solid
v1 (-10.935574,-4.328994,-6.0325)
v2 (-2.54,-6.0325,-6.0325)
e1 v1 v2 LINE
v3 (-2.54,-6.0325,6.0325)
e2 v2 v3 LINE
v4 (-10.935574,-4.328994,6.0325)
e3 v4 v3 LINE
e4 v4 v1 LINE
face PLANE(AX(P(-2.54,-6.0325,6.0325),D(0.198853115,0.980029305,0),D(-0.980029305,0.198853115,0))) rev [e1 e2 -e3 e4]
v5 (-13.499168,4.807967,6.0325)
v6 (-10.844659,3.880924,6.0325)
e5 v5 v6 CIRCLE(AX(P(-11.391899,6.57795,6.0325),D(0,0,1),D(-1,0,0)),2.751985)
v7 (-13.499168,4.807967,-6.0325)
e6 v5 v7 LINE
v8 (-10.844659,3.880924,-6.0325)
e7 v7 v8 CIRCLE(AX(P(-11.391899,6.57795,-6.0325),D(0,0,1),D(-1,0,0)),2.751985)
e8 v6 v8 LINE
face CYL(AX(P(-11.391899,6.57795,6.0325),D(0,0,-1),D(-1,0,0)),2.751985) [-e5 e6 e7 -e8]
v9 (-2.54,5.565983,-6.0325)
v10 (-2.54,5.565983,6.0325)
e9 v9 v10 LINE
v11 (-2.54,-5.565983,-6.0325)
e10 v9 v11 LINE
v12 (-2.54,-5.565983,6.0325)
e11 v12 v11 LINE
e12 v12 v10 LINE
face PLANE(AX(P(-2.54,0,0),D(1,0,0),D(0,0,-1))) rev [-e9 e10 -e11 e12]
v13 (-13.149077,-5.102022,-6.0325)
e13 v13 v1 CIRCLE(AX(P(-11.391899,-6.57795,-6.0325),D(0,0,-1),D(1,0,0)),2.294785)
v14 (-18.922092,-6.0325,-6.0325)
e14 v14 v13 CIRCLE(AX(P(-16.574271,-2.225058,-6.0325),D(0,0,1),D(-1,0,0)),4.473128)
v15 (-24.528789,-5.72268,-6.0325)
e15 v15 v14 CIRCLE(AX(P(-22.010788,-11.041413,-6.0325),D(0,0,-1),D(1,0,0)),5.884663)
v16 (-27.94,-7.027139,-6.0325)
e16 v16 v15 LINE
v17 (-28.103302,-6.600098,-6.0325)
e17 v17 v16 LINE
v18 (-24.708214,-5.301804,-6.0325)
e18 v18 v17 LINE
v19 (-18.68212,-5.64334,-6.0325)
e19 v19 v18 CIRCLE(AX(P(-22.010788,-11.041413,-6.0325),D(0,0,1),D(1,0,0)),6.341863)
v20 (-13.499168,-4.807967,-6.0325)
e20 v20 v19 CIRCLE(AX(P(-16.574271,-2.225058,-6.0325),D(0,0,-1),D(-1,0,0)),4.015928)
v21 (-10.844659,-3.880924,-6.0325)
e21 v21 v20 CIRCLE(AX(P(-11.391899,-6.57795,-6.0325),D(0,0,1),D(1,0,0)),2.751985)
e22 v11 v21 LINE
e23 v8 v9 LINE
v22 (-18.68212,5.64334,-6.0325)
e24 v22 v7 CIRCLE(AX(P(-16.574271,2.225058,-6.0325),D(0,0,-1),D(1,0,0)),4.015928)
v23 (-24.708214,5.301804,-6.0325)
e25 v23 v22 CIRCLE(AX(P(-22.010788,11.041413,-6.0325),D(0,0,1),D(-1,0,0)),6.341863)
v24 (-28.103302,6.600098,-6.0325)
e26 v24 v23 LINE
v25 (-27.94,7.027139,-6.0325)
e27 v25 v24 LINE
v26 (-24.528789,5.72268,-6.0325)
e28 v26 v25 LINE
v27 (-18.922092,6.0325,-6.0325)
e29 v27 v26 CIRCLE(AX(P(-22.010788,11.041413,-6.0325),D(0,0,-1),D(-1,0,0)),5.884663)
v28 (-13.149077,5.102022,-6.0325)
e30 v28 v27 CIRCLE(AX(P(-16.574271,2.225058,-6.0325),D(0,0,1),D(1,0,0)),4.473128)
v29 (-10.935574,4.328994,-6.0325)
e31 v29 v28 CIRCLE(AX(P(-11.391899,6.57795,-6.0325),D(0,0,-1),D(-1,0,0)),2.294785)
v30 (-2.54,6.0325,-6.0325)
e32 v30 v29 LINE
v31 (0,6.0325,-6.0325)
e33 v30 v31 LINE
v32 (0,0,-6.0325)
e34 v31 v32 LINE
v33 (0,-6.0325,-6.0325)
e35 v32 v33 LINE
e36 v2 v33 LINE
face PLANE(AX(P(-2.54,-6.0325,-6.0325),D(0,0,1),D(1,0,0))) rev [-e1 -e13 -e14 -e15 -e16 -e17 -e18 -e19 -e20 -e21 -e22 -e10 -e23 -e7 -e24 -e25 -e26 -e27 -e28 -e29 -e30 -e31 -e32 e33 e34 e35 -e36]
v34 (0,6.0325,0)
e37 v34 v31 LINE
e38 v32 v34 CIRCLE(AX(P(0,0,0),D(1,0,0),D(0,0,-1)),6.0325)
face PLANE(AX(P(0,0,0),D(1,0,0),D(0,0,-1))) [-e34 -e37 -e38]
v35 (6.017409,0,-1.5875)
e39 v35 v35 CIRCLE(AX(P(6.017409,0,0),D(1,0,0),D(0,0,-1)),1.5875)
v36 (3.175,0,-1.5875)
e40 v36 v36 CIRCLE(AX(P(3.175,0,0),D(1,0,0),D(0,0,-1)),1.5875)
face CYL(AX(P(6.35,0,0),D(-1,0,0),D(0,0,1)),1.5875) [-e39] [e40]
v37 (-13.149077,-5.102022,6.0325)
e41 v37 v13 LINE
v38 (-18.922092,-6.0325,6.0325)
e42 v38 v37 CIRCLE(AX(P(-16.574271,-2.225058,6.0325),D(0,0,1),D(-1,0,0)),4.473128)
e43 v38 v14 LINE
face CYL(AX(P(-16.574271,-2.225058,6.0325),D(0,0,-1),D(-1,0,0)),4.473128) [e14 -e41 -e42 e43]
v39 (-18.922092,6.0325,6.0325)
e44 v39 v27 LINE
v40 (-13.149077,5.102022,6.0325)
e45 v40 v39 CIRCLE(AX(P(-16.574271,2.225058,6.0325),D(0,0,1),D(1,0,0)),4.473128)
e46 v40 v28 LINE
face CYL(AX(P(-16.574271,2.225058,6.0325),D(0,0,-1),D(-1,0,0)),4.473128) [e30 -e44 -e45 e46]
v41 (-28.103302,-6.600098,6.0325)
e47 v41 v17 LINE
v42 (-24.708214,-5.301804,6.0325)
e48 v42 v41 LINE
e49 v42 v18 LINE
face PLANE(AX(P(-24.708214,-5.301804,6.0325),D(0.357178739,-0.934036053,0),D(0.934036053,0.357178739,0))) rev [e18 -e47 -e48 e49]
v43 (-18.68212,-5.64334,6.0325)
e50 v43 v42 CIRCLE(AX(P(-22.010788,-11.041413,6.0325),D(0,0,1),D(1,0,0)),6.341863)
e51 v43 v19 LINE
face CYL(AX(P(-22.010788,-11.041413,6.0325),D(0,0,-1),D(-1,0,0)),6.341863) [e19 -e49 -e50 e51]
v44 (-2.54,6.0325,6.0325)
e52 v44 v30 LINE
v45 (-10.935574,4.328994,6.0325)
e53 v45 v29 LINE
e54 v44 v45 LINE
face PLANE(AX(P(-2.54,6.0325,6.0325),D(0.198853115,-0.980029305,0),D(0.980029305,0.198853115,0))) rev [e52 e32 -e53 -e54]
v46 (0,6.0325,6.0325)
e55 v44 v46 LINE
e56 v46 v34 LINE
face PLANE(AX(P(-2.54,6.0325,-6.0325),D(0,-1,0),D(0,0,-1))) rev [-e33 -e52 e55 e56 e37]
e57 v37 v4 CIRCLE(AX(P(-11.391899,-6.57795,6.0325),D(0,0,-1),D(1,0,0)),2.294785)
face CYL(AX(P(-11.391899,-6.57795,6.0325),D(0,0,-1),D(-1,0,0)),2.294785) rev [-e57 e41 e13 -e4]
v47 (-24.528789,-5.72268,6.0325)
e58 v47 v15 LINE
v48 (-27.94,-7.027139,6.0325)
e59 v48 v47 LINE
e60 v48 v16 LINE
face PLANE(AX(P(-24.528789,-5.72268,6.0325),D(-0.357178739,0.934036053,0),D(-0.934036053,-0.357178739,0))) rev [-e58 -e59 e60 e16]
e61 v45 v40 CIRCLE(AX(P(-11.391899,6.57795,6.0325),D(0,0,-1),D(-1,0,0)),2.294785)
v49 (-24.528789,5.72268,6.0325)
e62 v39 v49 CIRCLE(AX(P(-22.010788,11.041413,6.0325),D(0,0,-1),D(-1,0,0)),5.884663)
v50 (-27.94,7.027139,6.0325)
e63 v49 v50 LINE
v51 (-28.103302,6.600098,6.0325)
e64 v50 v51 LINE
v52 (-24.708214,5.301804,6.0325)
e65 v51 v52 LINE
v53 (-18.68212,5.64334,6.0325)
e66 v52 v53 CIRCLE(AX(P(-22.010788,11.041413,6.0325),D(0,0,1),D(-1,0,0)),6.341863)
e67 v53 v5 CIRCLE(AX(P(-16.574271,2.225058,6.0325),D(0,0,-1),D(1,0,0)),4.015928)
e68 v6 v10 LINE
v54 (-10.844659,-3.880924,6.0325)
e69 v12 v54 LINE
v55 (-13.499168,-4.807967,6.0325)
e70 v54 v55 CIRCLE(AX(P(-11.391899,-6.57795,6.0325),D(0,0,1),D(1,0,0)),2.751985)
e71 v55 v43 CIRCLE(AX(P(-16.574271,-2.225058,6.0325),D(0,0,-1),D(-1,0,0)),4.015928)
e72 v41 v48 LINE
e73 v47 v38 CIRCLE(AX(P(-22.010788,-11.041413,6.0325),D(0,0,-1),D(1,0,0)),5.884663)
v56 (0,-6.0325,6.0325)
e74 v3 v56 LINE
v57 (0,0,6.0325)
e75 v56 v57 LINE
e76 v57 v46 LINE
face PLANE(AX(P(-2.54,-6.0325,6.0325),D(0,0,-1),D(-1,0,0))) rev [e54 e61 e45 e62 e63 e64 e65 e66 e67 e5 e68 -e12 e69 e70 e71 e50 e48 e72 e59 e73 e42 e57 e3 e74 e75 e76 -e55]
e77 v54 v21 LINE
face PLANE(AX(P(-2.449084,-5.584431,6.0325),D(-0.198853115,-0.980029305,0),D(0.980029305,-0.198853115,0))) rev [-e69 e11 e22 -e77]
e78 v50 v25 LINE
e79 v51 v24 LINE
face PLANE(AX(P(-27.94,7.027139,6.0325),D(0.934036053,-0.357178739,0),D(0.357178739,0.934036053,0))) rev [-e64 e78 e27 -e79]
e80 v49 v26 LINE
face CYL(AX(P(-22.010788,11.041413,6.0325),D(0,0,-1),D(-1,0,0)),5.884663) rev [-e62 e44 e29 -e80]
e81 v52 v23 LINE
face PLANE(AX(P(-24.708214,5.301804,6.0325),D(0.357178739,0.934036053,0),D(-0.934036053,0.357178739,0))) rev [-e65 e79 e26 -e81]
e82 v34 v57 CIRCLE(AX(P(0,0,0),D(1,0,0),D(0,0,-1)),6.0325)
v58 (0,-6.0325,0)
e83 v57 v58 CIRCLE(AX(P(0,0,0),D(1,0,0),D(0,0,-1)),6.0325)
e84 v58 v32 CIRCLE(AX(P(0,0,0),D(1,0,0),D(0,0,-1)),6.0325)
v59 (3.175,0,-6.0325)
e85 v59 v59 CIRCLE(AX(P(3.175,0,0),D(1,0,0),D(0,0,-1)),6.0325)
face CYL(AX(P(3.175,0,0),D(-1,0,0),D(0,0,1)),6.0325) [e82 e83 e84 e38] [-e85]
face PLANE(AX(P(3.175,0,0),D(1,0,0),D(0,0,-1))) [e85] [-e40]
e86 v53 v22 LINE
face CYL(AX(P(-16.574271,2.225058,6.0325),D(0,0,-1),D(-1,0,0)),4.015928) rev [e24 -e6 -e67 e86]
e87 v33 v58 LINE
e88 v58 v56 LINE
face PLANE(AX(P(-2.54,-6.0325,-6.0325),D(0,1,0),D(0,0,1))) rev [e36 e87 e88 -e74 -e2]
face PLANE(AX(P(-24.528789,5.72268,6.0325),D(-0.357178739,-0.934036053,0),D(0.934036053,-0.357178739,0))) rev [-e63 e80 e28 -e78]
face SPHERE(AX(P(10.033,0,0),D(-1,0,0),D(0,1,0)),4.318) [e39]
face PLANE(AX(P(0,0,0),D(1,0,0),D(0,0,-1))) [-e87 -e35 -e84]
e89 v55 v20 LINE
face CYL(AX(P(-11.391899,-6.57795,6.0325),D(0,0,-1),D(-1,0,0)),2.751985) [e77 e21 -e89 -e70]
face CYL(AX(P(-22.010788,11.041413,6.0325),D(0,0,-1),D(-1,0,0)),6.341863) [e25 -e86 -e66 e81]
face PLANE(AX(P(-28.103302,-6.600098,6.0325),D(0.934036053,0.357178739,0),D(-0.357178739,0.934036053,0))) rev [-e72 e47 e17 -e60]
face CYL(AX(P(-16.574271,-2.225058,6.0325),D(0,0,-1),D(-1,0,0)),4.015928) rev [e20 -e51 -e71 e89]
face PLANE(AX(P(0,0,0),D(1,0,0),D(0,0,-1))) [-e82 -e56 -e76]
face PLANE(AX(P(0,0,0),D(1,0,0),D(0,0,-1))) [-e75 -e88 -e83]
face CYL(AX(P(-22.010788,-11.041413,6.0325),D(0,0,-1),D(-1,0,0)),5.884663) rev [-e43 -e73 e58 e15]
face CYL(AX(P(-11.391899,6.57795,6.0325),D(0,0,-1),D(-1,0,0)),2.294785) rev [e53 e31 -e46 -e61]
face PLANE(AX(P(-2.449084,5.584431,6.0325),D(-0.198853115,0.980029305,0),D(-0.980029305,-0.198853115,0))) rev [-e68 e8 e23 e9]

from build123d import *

# Parameters (mm, degrees)
SKETCH2_R           = 6.0325
BOSS_EXTRUDE1_DEPTH = 3.175
SKETCH3_R           = 1.5875
BOSS_EXTRUDE2_DEPTH = 3.175
SKETCH5_W           = 12.065
SKETCH5_H           = 12.065
BOSS_EXTRUDE3_DEPTH = 2.54
BOSS_EXTRUDE4_DEPTH = 6.0325


with BuildPart() as part:
    # Sketch2 → Boss-Extrude1 (new body)
    with BuildSketch(Plane(origin=(0, 0, 0), x_dir=(0, 0, -1), z_dir=(1, 0, 0))):
        Circle(SKETCH2_R)
    extrude(amount=BOSS_EXTRUDE1_DEPTH)

    # Sketch3 → Boss-Extrude2 (add)
    with BuildSketch(Plane(origin=(3.175, 0, 0), x_dir=(0, 0, -1), z_dir=(1, 0, 0))):
        Circle(SKETCH3_R)
    extrude(amount=BOSS_EXTRUDE2_DEPTH)

    # Sketch4 → Revolve1 (revolve)
    with BuildSketch(Plane.XY):
        with BuildLine():
            Line((5.715, 0), (14.351, 0))
            ThreePointArc((14.351, 0), (10.033, 4.318), (5.715, 0))
        make_face()
    revolve(axis=Axis((5.715, 0, 0), (1, 0, 0)))

    # Sketch5 → Boss-Extrude3 (add)
    with BuildSketch(Plane.ZY):
        Rectangle(SKETCH5_W, SKETCH5_H)
    extrude(amount=BOSS_EXTRUDE3_DEPTH)

    # Sketch7 → Boss-Extrude4 (add, symmetric)
    with BuildSketch(Plane.XY):
        with BuildLine():
            Line((-2.54, 6.0325), (-10.935574209, 4.328993713))
            ThreePointArc((-10.935574209, 4.328993713), (-12.148502267, 4.411480747), (-13.149077484, 5.102022434))
            ThreePointArc((-13.149077484, 5.102022434), (-15.862491492, 6.641192846), (-18.922091819, 6.0325))
            ThreePointArc((-18.922091819, 6.0325), (-21.686103075, 5.165714471), (-24.528789325, 5.7226797))
            Line((-24.528789325, 5.7226797), (-27.94, 7.027138907))
            Line((-27.94, 7.027138907), (-28.10330212, 6.600097624))
            Line((-28.10330212, 6.600097624), (-24.708214464, 5.301803917))
            ThreePointArc((-24.708214464, 5.301803917), (-21.651931317, 4.709711596), (-18.682120225, 5.64334004))
            ThreePointArc((-18.682120225, 5.64334004), (-15.935242742, 6.189818173), (-13.499167749, 4.807966919))
            ThreePointArc((-13.499167749, 4.807966919), (-12.299243569, 3.979845601), (-10.844658565, 3.880924315))
            Line((-10.844658565, 3.880924315), (-2.449084356, 5.584430602))
            Line((-2.449084356, 5.584430602), (-2.54, 6.0325))
        make_face()
        with BuildLine():
            Line((-24.528789325, -5.7226797), (-27.94, -7.027138907))
            Line((-27.94, -7.027138907), (-28.10330212, -6.600097624))
            Line((-28.10330212, -6.600097624), (-24.708214464, -5.301803917))
            ThreePointArc((-24.708214464, -5.301803917), (-21.651931317, -4.709711596), (-18.682120225, -5.64334004))
            ThreePointArc((-18.682120225, -5.64334004), (-15.935242742, -6.189818173), (-13.499167749, -4.807966919))
            ThreePointArc((-13.499167749, -4.807966919), (-12.299243569, -3.979845601), (-10.844658565, -3.880924315))
            Line((-10.844658565, -3.880924315), (-2.449084356, -5.584430602))
            Line((-2.449084356, -5.584430602), (-2.54, -6.0325))
            Line((-2.54, -6.0325), (-10.935574209, -4.328993713))
            ThreePointArc((-10.935574209, -4.328993713), (-12.148502267, -4.411480747), (-13.149077484, -5.102022434))
            ThreePointArc((-13.149077484, -5.102022434), (-15.862491492, -6.641192846), (-18.922091819, -6.0325))
            ThreePointArc((-18.922091819, -6.0325), (-21.686103075, -5.165714471), (-24.528789325, -5.7226797))
        make_face()
    extrude(amount=BOSS_EXTRUDE4_DEPTH, both=True)


solid = part.part
